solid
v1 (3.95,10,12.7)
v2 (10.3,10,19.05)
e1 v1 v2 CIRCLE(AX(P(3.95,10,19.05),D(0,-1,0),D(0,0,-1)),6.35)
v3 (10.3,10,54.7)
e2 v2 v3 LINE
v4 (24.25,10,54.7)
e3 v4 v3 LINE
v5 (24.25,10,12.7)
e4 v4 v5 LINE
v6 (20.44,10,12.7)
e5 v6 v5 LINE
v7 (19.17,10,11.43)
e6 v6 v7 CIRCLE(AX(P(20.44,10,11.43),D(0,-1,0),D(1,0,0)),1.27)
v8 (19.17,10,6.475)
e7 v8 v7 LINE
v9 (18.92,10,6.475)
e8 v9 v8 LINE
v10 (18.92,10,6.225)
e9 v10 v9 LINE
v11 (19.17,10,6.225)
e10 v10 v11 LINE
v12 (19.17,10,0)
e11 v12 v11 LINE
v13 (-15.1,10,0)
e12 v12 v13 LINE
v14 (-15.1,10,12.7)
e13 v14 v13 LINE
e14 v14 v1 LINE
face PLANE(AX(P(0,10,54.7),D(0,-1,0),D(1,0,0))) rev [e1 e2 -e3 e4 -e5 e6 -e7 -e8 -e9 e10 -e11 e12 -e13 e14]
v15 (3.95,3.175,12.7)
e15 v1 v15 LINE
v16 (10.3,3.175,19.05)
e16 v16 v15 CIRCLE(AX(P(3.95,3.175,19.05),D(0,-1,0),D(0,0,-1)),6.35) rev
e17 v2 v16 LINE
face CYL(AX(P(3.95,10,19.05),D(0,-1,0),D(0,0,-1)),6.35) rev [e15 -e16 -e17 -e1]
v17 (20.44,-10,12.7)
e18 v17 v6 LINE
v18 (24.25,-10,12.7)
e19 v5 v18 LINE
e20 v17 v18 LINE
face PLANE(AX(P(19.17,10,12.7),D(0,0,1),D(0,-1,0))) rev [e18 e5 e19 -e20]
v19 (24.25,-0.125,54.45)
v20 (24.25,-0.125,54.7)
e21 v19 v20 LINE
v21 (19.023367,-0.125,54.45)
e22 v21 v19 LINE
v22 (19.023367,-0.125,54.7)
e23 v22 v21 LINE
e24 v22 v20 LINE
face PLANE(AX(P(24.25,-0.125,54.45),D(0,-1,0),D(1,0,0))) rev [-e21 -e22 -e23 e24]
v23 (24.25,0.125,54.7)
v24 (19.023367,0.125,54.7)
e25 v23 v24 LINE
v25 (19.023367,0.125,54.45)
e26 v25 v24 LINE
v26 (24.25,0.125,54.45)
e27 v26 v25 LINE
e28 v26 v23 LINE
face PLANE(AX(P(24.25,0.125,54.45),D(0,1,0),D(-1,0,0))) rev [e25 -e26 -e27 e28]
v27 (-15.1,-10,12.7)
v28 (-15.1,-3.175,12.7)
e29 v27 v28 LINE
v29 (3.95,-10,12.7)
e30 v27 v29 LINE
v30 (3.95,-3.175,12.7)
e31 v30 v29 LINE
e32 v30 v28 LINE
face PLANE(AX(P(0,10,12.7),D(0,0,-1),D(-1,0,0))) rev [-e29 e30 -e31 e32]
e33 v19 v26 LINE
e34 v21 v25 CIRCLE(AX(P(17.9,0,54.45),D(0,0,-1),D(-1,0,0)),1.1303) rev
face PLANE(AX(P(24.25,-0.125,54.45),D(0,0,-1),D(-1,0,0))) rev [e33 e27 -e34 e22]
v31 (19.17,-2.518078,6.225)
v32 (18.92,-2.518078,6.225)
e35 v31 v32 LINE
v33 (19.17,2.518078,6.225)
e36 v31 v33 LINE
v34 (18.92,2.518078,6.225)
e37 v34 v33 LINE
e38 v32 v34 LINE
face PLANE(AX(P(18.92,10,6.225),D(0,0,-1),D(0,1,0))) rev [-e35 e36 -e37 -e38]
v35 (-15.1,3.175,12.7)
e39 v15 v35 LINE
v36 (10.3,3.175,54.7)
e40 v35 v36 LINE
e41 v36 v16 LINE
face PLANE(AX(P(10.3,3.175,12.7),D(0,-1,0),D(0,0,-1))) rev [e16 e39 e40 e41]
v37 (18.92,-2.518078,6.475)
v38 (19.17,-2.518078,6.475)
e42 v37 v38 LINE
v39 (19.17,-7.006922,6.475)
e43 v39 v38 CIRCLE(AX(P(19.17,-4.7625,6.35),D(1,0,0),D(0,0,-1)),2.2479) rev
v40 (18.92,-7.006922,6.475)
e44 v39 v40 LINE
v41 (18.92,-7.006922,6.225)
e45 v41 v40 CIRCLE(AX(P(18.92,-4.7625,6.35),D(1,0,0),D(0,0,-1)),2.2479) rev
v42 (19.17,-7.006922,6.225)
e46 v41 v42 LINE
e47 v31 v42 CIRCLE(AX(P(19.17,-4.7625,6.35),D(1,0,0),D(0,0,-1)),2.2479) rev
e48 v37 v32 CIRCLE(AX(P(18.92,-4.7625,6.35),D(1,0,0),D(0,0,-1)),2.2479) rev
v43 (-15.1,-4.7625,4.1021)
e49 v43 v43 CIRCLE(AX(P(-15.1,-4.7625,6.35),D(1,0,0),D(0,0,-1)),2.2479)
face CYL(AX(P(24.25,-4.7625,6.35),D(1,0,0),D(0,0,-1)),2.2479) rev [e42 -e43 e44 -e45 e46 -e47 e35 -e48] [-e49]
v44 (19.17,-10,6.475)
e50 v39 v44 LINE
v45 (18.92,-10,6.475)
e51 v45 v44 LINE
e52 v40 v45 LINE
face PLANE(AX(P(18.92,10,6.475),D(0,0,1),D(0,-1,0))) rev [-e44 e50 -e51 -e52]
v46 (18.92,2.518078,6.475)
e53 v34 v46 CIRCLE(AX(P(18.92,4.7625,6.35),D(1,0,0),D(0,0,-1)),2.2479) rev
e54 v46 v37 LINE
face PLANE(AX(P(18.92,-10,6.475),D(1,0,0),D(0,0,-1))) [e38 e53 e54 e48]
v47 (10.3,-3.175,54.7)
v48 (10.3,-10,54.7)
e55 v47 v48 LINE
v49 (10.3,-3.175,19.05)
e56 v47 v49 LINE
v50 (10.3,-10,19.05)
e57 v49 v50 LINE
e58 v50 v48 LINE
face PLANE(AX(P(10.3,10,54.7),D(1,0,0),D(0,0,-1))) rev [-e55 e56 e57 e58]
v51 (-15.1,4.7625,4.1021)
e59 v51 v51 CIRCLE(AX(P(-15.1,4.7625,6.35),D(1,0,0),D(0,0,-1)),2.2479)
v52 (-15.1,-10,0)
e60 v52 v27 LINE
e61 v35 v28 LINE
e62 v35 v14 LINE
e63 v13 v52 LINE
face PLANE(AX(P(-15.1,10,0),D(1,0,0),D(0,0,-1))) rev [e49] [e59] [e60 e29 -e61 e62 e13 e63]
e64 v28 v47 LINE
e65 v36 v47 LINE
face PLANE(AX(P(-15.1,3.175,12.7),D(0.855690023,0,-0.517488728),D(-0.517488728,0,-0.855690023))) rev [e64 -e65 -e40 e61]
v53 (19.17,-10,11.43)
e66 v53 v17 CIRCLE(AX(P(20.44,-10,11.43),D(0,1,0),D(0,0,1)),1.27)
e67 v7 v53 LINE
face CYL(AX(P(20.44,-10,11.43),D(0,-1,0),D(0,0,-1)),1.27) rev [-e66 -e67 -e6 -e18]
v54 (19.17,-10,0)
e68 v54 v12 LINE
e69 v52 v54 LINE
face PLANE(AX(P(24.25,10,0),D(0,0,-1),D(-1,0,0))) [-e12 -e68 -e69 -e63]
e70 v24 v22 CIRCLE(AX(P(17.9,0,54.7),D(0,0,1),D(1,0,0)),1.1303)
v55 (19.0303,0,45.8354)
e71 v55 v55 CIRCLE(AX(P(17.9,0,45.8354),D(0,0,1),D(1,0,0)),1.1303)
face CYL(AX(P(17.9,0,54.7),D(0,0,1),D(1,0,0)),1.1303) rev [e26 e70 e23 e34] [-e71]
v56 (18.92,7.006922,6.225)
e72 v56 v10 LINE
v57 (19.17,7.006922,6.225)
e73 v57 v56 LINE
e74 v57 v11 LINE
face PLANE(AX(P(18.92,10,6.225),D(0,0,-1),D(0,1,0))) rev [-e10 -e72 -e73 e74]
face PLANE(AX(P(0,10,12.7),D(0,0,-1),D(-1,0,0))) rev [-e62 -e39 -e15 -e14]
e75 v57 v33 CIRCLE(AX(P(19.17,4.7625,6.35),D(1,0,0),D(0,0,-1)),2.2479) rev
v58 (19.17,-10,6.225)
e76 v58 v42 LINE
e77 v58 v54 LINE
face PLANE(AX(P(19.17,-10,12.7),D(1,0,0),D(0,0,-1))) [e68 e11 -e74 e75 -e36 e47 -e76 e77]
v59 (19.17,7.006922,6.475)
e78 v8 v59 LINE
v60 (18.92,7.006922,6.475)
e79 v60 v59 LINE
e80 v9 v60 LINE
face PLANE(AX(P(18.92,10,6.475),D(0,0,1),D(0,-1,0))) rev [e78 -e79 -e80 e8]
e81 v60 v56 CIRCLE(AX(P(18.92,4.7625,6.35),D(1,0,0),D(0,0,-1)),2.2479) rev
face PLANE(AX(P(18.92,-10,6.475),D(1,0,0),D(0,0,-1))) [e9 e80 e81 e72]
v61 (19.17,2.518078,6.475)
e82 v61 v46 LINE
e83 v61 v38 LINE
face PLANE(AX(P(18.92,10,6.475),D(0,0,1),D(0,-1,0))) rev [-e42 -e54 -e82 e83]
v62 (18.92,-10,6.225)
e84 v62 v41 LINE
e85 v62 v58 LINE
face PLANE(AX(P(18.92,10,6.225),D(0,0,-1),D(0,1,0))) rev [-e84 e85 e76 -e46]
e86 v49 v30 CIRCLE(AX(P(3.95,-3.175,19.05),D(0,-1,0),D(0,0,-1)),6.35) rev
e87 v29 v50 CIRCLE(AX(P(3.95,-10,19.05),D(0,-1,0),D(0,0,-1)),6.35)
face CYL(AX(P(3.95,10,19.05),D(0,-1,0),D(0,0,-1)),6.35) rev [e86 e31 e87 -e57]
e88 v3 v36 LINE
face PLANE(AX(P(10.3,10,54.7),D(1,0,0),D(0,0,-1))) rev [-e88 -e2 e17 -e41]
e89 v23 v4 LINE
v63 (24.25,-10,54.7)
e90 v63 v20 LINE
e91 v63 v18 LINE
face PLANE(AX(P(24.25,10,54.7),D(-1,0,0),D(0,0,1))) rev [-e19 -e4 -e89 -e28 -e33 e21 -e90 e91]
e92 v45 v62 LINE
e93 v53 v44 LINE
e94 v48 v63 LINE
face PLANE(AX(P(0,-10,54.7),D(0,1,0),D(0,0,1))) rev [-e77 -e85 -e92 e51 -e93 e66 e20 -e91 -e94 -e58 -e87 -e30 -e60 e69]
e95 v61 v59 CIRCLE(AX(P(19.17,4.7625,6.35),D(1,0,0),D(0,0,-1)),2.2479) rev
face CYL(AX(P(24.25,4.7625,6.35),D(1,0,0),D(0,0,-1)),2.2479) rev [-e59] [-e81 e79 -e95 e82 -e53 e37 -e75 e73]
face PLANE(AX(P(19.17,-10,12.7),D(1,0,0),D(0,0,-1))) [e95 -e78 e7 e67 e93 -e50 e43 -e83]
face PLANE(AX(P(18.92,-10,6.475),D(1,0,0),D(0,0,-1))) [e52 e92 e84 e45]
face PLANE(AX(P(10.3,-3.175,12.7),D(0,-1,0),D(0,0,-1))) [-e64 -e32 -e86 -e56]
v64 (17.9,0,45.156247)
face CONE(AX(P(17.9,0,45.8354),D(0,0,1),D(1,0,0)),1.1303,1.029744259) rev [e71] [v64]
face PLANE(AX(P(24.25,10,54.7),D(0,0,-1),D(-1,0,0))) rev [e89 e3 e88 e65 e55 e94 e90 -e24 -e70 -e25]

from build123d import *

# Parameters (mm, degrees)
SKETCH1_W                 = 24.25
SKETCH1_H                 = 20
EXTRUDE1_DEPTH            = 54.7
CUT_EXTRUDE1_DEPTH        = 21
SKETCH5_W                 = 12.7
SKETCH5_H                 = 20
EXTRUDE2_DEPTH            = 15.1
F_8_CLEARANCE_HOLE1_D     = 4.4958
F_4_40_TAPPED_HOLE1_D     = 2.2606
F_4_40_TAPPED_HOLE1_DEPTH = 8.8646
F_4_40_TAPPED_HOLE1_TIP   = 0.679152758
SKETCH11_W                = 12.7
SKETCH11_H                = 20
CUT_EXTRUDE2_DEPTH        = 5.08
FILLET1_R                 = 1.27
SKETCH12_W                = 0.25
SKETCH12_H                = 20
CUT_EXTRUDE3_DEPTH        = 0.25
EXTRUDE3_DEPTH            = 3.175
SKETCH14_W                = 6.35
SKETCH14_H                = 0.25
CUT_EXTRUDE4_DEPTH        = 0.25


with BuildPart() as part:
    # Sketch1 → Extrude1 (new body)
    with BuildSketch(Plane.XY):
        with Locations((12.125, 0)):
            Rectangle(SKETCH1_W, SKETCH1_H)
    extrude(amount=EXTRUDE1_DEPTH)

    # Sketch4 → Cut-Extrude1 (cut, through all)
    with BuildSketch(Plane.XZ.offset(10)):
        with BuildLine():
            Line((0, 12.7), (3.95, 12.7))
            ThreePointArc((3.95, 12.7), (8.440128061, 14.559871939), (10.3, 19.05))
            Line((10.3, 19.05), (10.3, 54.7))
            Line((10.3, 54.7), (0, 54.7))
            Line((0, 54.7), (0, 12.7))
        make_face()
    extrude(amount=-CUT_EXTRUDE1_DEPTH, mode=Mode.SUBTRACT)

    # Sketch5 → Extrude2 (add)
    with BuildSketch(Plane.ZY):
        with Locations((6.35, 0)):
            Rectangle(SKETCH5_W, SKETCH5_H)
    extrude(amount=EXTRUDE2_DEPTH)

    # #8 Clearance Hole1 (through all)
    with Locations(Plane(origin=(24.25, 0, 0), x_dir=(0, 0, -1), z_dir=(1, 0, 0))):
        with Locations((-6.35, 4.7625), (-6.35, -4.7625)):
            Hole(F_8_CLEARANCE_HOLE1_D / 2)

    # #4-40 Tapped Hole1
    with Locations(Plane.XY.offset(54.7)):
        with Locations((17.9, 0)):
            Hole(F_4_40_TAPPED_HOLE1_D / 2, depth=F_4_40_TAPPED_HOLE1_DEPTH)
            with Locations((0, 0, -(F_4_40_TAPPED_HOLE1_DEPTH + F_4_40_TAPPED_HOLE1_TIP / 2))):  # 118° drill point
                Cone(0, F_4_40_TAPPED_HOLE1_D / 2, F_4_40_TAPPED_HOLE1_TIP, mode=Mode.SUBTRACT)

    # Sketch11 → Cut-Extrude2 (cut)
    with BuildSketch(Plane(origin=(24.25, 0, 0), x_dir=(0, 0, -1), z_dir=(1, 0, 0))):
        with Locations((-6.35, 0)):
            Rectangle(SKETCH11_W, SKETCH11_H)
    extrude(amount=-CUT_EXTRUDE2_DEPTH, mode=Mode.SUBTRACT)

    # Fillet1
    fillet1_edges = [part.edges().sort_by_distance(p)[0] for p in [
        (19.17, 0, 12.7),
    ]]
    fillet(fillet1_edges, radius=FILLET1_R)

    # Sketch12 → Cut-Extrude3 (cut)
    with BuildSketch(Plane(origin=(19.17, 0, 0), x_dir=(0, 0, -1), z_dir=(1, 0, 0))):
        with Locations((-6.35, 0)):
            Rectangle(SKETCH12_W, SKETCH12_H)
    extrude(amount=-CUT_EXTRUDE3_DEPTH, mode=Mode.SUBTRACT)

    # Sketch13 → Extrude3 (add, symmetric)
    with BuildSketch(Plane(origin=(0, 0, 0), x_dir=(1, 0, 0), z_dir=(0, 1, 0))):
        Polygon((-15.1, -12.7), (10.3, -54.7), (10.3, -12.7), align=None)
    extrude(amount=EXTRUDE3_DEPTH, both=True)

    # Sketch14 → Cut-Extrude4 (cut)
    with BuildSketch(Plane.XY.offset(54.7)):
        with Locations((21.075, 0)):
            Rectangle(SKETCH14_W, SKETCH14_H)
    extrude(amount=-CUT_EXTRUDE4_DEPTH, mode=Mode.SUBTRACT)


solid = part.part
